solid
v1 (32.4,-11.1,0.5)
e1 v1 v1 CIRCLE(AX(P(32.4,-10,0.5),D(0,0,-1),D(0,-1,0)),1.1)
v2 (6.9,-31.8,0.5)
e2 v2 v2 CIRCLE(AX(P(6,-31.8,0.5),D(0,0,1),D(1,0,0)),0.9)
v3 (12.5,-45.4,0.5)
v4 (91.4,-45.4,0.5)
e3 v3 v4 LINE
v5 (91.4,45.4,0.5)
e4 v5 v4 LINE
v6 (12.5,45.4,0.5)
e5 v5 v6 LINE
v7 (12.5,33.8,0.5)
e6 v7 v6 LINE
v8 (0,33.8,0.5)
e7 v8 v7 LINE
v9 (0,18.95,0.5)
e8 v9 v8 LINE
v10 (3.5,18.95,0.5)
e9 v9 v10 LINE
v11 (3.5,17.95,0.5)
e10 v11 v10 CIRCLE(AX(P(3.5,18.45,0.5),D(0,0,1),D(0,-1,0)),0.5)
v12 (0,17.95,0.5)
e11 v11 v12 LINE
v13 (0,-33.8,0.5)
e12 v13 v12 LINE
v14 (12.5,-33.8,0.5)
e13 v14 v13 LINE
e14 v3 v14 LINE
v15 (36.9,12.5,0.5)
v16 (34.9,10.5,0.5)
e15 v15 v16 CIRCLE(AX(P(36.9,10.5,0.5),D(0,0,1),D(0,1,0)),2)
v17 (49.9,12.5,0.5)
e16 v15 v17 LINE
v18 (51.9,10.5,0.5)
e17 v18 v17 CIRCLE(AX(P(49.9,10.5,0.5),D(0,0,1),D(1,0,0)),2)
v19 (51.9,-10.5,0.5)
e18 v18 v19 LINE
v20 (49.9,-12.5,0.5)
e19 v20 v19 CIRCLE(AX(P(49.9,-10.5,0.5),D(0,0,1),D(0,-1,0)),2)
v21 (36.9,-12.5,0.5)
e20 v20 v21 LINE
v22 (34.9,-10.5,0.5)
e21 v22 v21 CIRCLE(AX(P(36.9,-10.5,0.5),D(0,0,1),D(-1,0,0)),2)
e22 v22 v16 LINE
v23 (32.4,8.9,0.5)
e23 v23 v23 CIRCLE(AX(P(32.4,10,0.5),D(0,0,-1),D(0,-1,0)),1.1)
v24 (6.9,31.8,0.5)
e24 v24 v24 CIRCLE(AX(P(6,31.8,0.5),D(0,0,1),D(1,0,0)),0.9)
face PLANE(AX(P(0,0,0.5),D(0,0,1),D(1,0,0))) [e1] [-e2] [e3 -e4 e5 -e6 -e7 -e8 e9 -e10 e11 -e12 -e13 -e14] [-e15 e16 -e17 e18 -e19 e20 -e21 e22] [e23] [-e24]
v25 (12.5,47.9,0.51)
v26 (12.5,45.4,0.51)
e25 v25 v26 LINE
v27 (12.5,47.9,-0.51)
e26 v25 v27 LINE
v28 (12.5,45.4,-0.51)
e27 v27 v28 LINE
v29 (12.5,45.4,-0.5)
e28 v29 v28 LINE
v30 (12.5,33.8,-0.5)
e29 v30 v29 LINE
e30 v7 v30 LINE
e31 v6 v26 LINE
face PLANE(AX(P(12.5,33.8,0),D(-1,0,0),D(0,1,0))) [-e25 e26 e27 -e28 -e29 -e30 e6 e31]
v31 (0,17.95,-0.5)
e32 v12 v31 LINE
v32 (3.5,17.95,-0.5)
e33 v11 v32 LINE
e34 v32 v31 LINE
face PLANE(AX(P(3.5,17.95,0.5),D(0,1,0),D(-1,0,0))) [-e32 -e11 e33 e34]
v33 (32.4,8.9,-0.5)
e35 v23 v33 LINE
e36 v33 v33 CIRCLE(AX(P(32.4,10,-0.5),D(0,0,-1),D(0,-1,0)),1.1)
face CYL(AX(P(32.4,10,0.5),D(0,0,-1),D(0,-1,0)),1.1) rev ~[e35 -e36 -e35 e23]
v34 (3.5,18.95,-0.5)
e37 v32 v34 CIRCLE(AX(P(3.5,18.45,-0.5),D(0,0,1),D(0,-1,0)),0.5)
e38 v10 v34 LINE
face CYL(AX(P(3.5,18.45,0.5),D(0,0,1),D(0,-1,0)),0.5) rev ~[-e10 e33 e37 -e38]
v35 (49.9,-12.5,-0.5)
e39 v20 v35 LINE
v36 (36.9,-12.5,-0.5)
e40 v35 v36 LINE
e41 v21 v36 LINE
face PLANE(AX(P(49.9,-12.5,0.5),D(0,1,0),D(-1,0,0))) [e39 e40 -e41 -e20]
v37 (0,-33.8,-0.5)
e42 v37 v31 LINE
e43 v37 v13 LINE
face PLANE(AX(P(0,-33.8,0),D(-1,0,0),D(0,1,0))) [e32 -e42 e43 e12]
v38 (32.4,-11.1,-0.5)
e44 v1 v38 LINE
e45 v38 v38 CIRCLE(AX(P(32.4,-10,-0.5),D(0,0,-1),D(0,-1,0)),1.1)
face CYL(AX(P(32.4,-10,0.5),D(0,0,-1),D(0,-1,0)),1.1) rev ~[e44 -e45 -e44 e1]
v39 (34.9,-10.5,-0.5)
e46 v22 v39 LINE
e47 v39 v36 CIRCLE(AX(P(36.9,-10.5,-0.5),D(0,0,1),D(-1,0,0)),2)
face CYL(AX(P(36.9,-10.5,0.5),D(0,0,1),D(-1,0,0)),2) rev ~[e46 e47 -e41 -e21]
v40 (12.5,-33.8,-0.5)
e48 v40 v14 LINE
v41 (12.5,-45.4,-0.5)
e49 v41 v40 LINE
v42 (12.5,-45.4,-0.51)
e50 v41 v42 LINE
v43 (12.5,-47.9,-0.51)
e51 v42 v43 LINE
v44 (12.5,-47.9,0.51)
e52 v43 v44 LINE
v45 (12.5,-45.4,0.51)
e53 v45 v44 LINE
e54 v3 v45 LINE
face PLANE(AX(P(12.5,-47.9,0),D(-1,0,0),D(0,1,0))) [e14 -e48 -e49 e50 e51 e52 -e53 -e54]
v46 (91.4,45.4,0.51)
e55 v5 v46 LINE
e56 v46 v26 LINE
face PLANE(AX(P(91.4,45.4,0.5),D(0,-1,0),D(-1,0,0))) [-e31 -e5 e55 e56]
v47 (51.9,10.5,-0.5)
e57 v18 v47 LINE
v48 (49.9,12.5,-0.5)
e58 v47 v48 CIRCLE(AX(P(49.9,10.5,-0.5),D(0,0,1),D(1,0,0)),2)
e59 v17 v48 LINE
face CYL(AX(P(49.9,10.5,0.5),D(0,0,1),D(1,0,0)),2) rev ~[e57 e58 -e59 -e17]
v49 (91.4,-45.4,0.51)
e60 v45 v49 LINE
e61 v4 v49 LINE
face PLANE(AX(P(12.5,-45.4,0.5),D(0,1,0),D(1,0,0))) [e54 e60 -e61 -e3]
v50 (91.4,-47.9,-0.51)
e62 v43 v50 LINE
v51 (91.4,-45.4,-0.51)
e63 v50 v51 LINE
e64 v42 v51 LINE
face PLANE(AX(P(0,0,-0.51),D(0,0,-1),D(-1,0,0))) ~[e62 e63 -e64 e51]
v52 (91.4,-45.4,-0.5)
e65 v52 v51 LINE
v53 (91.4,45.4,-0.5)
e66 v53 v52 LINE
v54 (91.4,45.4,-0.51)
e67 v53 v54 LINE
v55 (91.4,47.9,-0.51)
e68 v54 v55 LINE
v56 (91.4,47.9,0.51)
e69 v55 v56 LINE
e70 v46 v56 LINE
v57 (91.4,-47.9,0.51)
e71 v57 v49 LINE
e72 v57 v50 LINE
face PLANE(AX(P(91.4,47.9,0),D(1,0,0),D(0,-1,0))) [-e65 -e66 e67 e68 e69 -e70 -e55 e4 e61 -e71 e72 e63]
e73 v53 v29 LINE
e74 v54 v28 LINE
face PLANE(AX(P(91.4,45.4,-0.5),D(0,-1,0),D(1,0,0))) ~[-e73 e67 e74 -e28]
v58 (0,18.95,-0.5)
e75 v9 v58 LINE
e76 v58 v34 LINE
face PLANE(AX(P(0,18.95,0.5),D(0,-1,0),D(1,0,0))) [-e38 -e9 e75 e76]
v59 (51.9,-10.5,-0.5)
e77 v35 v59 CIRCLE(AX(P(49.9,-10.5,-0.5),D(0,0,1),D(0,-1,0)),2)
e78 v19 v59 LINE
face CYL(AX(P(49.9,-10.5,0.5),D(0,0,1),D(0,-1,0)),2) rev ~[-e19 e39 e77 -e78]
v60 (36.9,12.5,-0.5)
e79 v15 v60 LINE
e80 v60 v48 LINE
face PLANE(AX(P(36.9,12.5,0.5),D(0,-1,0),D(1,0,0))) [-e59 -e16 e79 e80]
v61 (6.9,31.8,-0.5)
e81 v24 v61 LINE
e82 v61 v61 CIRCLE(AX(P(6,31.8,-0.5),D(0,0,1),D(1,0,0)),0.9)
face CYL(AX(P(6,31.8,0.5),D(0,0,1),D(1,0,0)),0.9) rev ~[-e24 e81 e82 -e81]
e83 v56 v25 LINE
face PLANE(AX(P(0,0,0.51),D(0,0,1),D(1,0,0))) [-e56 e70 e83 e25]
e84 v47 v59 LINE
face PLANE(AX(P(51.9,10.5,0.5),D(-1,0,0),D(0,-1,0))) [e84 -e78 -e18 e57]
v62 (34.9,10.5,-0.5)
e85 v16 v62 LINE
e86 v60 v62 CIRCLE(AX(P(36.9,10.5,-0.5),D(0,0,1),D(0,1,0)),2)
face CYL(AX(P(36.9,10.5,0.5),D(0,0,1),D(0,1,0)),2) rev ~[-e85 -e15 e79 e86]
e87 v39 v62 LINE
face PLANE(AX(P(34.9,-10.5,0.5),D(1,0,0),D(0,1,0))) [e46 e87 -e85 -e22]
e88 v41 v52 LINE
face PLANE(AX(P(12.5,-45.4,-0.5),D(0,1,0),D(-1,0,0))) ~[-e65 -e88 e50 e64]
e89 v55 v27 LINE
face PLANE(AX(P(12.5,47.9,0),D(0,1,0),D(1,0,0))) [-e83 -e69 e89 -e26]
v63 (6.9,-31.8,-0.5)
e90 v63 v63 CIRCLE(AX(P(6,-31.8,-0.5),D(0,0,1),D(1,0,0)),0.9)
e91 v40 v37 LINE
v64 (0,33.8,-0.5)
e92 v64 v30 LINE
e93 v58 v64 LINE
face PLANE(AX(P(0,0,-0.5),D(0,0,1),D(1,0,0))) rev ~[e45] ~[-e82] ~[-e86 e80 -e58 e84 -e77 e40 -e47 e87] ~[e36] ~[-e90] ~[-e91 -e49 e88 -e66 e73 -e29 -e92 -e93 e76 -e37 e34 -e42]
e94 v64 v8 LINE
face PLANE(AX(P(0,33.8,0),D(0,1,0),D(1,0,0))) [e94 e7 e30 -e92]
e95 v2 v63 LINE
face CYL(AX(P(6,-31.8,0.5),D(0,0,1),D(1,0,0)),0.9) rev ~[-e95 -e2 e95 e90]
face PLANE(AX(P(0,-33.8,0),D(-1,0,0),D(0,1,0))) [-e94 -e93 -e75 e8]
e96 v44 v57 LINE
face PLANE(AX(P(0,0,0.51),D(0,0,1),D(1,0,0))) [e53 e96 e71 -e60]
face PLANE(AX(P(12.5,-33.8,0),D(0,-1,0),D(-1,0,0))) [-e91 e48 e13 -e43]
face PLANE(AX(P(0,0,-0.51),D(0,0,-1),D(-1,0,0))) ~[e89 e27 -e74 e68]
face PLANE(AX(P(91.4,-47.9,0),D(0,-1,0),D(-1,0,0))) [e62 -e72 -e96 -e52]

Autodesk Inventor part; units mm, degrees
ref_plane "YZ Plane" through (0, 0, 0) normal (1, 0, 0) x (0, 1, 0)
ref_plane "XZ Plane" through (0, 0, 0) normal (0, 1, 0) x (-1, 0, 0)
ref_plane "XY Plane" through (0, 0, 0) normal (0, 0, 1) x (1, 0, 0)
sketch "Sketch1" plane through (0, 0, 0) normal (0, 0, 1) x (1, 0, 0)
  line L0 (0, 33.8) -> (12.5, 33.8)
  line L1 (12.5, 33.8) -> (12.5, 47.9)
  line L2 (12.5, 47.9) -> (91.4, 47.9)
  line L3 (91.4, 47.9) -> (91.4, -47.9)
  line L4 (91.4, -47.9) -> (12.5, -47.9)
  line L5 (12.5, -47.9) -> (12.5, -33.8)
  line L6 (12.5, -33.8) -> (0, -33.8)
  line L7 (0, -33.8) -> (0, 33.8)
  line L8 (-4.5, 48) -> (91.5, 48) construction
  line L9 (91.5, 48) -> (91.5, -48) construction
  line L10 (91.5, -48) -> (-4.5, -48) construction
  line L11 (-4.5, -48) -> (-4.5, 48) construction
  line L12 (-4.4, 47.9) -> (-3.4, 47.9) construction
  line L13 (-3.4, 47.9) -> (-3.4, -47.9) construction
  line L14 (-3.4, -47.9) -> (-4.4, -47.9) construction
  line L15 (-4.4, -47.9) -> (-4.4, 47.9) construction
  point P0 (0, 0)
  point P1 (0, 0)
  point P2 (-4.5, 0)
  dimension "d0" = 67.6
  dimension "d1" = 95.8
  dimension "d2" = 91.4
  dimension "d3" = 12.5
  dimension "d20" = 96
  dimension "d21" = 96
  dimension "d22" = 0.1
  dimension "d23" = 0.1
  dimension "d24" = 1
  dimension "d25" = 0.1
  dimension "d26" = 3.4
extrude "Extrusion1" add sketch "Sketch1" along normal mid plane 1
sketch "Sketch2" plane through (0, 0, 0.5) normal (0, 0, 1) x (1, 0, 0)
  line L0 (12.5, 33.8) -> (0, 33.8) projected
  line L1 (0, 33.8) -> (0, -33.8) projected
  line L2 (0, -33.8) -> (12.5, -33.8) projected
  line L3 (12.5, -33.8) -> (12.5, -47.9) projected
  line L4 (12.5, -47.9) -> (91.4, -47.9) projected
  line L5 (91.4, -47.9) -> (91.4, 47.9) projected
  line L6 (91.4, 47.9) -> (12.5, 47.9) projected
  line L7 (12.5, 47.9) -> (12.5, 33.8) projected
  line L8 (91.4, -47.9) -> (91.4, 47.9) projected
  line L9 (12.5, 47.9) -> (91.4, 47.9)
  line L10 (91.4, 47.9) -> (91.4, 45.4)
  line L11 (91.4, 45.4) -> (12.5, 45.4)
  line L12 (12.5, 45.4) -> (12.5, 47.9)
  line L13 (91.4, -47.9) -> (12.5, -47.9)
  line L14 (12.5, -47.9) -> (12.5, -45.4)
  line L15 (12.5, -45.4) -> (91.4, -45.4)
  line L16 (91.4, -45.4) -> (91.4, -47.9)
  point P0 (0, 0)
  dimension "d6" = 2.5
  dimension "d27" = 90.8
extrude "Extrusion2" add sketch "Sketch2" along normal blind 0.01 contours L7 L6 L5 L11 | L5 L4 L3 L15
mirror "Mirror1" about plane through (0, 0, 0) normal (0, 0, 1) of "Extrusion2"
sketch "Sketch3" plane through (0, 0, 0.5) normal (0, 0, 1) x (1, 0, 0)
  circle A0 centre (6, 31.8) radius 0.9
  circle A1 centre (6, -31.8) radius 0.9
  point P0 (0, 0)
  dimension "d9" = 1.8
  dimension "d10" = 6
  dimension "d11" = 31.8
  dimension "d12" = 31.8
extrude "Extrusion3" cut sketch "Sketch3" against normal through all
sketch "Sketch4" plane through (0, 0, 0.5) normal (0, 0, 1) x (1, 0, 0)
  circle A0 centre (6, 31.8) radius 0.9 projected
  circle A1 centre (6, -31.8) radius 0.9 projected
  line L0 (12.5, -45.4) -> (91.4, -45.4) projected
  line L1 (91.4, -45.4) -> (91.4, 45.4) projected
  line L2 (91.4, 45.4) -> (12.5, 45.4) projected
  line L3 (12.5, 45.4) -> (12.5, 33.8) projected
  line L4 (12.5, 33.8) -> (0, 33.8) projected
  line L5 (0, 33.8) -> (0, -33.8) projected
  line L6 (0, -33.8) -> (12.5, -33.8) projected
  line L7 (12.5, -33.8) -> (12.5, -45.4) projected
  line L8 (0, 18.95) -> (3.5, 18.95)
  arc A2 (3.5, 17.95) -> (3.5, 18.95) centre (3.5, 18.45) ccw
  line L9 (3.5, 17.95) -> (0, 17.95)
  point P0 (0, 0)
  dimension "d15" = 17.95
  dimension "d16" = 3.5
  dimension "d17" = 1
extrude "Extrusion4" cut sketch "Sketch4" against normal through all contours L5 L8 A2 L9
sketch "Sketch5" plane through (0, 0, 0.5) normal (0, 0, 1) x (1, 0, 0)
  line L0 (0, 18.95) -> (3.5, 18.95) projected
  arc A0 (3.5, 17.95) -> (3.5, 18.95) centre (3.5, 18.45) ccw projected
  line L1 (3.5, 17.95) -> (0, 17.95) projected
  line L2 (0, 17.95) -> (0, -33.8) projected
  line L3 (0, -33.8) -> (12.5, -33.8) projected
  line L4 (12.5, -33.8) -> (12.5, -45.4) projected
  line L5 (12.5, -45.4) -> (91.4, -45.4) projected
  line L6 (91.4, -45.4) -> (91.4, 45.4) projected
  line L7 (91.4, 45.4) -> (12.5, 45.4) projected
  line L8 (12.5, 45.4) -> (12.5, 33.8) projected
  line L9 (12.5, 33.8) -> (0, 33.8) projected
  line L10 (0, 33.8) -> (0, 18.95) projected
  circle A1 centre (6, -31.8) radius 0.9 projected
  circle A2 centre (6, 31.8) radius 0.9 projected
  circle A3 centre (43.4, 0) radius 6 construction
  line L11 (36.9, 12.5) -> (49.9, 12.5)
  line L12 (51.9, 10.5) -> (51.9, -10.5)
  line L13 (49.9, -12.5) -> (36.9, -12.5)
  line L14 (34.9, -10.5) -> (34.9, 10.5)
  arc A4 (36.9, 12.5) -> (34.9, 10.5) centre (36.9, 10.5) ccw
  arc A5 (51.9, 10.5) -> (49.9, 12.5) centre (49.9, 10.5) ccw
  arc A6 (49.9, -12.5) -> (51.9, -10.5) centre (49.9, -10.5) ccw
  arc A7 (34.9, -10.5) -> (36.9, -12.5) centre (36.9, -10.5) ccw
  point P0 (0, 0)
  point P1 (51.9, -12.5)
  point P2 (51.9, 12.5)
  point P3 (34.9, -12.5)
  point P4 (43.4, 12.5)
  point P5 (34.9, 0)
  dimension "d28" = 43.4
  dimension "d29" = 12
  dimension "d41" = 17
  dimension "d42" = 25
  dimension "d43" = 2
extrude "Extrusion5" cut sketch "Sketch5" against normal through all contours L11 A5 L12 A6 L13 A7 L14 A4
sketch "Sketch6" plane through (0, 0, 0.5) normal (0, 0, 1) x (1, 0, 0)
  line L0 (32.4, 10) -> (32.4, -10) construction
  circle A0 centre (43.4, 0) radius 6 construction
  point P0 (0, 0)
  point P1 (32.4, 0)
  dimension "d32" = 20
  dimension "d44" = 11
hole "Hole1" at (32.4, 10, 0.5) at (32.4, -10, 0.5) direction (0, 0, -1) diameter 2.2 end through all clearance for "Flat Head Machine Screw" size "M2" standard "Ansi Metric M Profile"
equation "\"d23\" = d22"
equation "\"d25\" = d22"
equation "\"d12\" = d11"
properties part number "Payload_PCB" material "Epoxy Resin"
